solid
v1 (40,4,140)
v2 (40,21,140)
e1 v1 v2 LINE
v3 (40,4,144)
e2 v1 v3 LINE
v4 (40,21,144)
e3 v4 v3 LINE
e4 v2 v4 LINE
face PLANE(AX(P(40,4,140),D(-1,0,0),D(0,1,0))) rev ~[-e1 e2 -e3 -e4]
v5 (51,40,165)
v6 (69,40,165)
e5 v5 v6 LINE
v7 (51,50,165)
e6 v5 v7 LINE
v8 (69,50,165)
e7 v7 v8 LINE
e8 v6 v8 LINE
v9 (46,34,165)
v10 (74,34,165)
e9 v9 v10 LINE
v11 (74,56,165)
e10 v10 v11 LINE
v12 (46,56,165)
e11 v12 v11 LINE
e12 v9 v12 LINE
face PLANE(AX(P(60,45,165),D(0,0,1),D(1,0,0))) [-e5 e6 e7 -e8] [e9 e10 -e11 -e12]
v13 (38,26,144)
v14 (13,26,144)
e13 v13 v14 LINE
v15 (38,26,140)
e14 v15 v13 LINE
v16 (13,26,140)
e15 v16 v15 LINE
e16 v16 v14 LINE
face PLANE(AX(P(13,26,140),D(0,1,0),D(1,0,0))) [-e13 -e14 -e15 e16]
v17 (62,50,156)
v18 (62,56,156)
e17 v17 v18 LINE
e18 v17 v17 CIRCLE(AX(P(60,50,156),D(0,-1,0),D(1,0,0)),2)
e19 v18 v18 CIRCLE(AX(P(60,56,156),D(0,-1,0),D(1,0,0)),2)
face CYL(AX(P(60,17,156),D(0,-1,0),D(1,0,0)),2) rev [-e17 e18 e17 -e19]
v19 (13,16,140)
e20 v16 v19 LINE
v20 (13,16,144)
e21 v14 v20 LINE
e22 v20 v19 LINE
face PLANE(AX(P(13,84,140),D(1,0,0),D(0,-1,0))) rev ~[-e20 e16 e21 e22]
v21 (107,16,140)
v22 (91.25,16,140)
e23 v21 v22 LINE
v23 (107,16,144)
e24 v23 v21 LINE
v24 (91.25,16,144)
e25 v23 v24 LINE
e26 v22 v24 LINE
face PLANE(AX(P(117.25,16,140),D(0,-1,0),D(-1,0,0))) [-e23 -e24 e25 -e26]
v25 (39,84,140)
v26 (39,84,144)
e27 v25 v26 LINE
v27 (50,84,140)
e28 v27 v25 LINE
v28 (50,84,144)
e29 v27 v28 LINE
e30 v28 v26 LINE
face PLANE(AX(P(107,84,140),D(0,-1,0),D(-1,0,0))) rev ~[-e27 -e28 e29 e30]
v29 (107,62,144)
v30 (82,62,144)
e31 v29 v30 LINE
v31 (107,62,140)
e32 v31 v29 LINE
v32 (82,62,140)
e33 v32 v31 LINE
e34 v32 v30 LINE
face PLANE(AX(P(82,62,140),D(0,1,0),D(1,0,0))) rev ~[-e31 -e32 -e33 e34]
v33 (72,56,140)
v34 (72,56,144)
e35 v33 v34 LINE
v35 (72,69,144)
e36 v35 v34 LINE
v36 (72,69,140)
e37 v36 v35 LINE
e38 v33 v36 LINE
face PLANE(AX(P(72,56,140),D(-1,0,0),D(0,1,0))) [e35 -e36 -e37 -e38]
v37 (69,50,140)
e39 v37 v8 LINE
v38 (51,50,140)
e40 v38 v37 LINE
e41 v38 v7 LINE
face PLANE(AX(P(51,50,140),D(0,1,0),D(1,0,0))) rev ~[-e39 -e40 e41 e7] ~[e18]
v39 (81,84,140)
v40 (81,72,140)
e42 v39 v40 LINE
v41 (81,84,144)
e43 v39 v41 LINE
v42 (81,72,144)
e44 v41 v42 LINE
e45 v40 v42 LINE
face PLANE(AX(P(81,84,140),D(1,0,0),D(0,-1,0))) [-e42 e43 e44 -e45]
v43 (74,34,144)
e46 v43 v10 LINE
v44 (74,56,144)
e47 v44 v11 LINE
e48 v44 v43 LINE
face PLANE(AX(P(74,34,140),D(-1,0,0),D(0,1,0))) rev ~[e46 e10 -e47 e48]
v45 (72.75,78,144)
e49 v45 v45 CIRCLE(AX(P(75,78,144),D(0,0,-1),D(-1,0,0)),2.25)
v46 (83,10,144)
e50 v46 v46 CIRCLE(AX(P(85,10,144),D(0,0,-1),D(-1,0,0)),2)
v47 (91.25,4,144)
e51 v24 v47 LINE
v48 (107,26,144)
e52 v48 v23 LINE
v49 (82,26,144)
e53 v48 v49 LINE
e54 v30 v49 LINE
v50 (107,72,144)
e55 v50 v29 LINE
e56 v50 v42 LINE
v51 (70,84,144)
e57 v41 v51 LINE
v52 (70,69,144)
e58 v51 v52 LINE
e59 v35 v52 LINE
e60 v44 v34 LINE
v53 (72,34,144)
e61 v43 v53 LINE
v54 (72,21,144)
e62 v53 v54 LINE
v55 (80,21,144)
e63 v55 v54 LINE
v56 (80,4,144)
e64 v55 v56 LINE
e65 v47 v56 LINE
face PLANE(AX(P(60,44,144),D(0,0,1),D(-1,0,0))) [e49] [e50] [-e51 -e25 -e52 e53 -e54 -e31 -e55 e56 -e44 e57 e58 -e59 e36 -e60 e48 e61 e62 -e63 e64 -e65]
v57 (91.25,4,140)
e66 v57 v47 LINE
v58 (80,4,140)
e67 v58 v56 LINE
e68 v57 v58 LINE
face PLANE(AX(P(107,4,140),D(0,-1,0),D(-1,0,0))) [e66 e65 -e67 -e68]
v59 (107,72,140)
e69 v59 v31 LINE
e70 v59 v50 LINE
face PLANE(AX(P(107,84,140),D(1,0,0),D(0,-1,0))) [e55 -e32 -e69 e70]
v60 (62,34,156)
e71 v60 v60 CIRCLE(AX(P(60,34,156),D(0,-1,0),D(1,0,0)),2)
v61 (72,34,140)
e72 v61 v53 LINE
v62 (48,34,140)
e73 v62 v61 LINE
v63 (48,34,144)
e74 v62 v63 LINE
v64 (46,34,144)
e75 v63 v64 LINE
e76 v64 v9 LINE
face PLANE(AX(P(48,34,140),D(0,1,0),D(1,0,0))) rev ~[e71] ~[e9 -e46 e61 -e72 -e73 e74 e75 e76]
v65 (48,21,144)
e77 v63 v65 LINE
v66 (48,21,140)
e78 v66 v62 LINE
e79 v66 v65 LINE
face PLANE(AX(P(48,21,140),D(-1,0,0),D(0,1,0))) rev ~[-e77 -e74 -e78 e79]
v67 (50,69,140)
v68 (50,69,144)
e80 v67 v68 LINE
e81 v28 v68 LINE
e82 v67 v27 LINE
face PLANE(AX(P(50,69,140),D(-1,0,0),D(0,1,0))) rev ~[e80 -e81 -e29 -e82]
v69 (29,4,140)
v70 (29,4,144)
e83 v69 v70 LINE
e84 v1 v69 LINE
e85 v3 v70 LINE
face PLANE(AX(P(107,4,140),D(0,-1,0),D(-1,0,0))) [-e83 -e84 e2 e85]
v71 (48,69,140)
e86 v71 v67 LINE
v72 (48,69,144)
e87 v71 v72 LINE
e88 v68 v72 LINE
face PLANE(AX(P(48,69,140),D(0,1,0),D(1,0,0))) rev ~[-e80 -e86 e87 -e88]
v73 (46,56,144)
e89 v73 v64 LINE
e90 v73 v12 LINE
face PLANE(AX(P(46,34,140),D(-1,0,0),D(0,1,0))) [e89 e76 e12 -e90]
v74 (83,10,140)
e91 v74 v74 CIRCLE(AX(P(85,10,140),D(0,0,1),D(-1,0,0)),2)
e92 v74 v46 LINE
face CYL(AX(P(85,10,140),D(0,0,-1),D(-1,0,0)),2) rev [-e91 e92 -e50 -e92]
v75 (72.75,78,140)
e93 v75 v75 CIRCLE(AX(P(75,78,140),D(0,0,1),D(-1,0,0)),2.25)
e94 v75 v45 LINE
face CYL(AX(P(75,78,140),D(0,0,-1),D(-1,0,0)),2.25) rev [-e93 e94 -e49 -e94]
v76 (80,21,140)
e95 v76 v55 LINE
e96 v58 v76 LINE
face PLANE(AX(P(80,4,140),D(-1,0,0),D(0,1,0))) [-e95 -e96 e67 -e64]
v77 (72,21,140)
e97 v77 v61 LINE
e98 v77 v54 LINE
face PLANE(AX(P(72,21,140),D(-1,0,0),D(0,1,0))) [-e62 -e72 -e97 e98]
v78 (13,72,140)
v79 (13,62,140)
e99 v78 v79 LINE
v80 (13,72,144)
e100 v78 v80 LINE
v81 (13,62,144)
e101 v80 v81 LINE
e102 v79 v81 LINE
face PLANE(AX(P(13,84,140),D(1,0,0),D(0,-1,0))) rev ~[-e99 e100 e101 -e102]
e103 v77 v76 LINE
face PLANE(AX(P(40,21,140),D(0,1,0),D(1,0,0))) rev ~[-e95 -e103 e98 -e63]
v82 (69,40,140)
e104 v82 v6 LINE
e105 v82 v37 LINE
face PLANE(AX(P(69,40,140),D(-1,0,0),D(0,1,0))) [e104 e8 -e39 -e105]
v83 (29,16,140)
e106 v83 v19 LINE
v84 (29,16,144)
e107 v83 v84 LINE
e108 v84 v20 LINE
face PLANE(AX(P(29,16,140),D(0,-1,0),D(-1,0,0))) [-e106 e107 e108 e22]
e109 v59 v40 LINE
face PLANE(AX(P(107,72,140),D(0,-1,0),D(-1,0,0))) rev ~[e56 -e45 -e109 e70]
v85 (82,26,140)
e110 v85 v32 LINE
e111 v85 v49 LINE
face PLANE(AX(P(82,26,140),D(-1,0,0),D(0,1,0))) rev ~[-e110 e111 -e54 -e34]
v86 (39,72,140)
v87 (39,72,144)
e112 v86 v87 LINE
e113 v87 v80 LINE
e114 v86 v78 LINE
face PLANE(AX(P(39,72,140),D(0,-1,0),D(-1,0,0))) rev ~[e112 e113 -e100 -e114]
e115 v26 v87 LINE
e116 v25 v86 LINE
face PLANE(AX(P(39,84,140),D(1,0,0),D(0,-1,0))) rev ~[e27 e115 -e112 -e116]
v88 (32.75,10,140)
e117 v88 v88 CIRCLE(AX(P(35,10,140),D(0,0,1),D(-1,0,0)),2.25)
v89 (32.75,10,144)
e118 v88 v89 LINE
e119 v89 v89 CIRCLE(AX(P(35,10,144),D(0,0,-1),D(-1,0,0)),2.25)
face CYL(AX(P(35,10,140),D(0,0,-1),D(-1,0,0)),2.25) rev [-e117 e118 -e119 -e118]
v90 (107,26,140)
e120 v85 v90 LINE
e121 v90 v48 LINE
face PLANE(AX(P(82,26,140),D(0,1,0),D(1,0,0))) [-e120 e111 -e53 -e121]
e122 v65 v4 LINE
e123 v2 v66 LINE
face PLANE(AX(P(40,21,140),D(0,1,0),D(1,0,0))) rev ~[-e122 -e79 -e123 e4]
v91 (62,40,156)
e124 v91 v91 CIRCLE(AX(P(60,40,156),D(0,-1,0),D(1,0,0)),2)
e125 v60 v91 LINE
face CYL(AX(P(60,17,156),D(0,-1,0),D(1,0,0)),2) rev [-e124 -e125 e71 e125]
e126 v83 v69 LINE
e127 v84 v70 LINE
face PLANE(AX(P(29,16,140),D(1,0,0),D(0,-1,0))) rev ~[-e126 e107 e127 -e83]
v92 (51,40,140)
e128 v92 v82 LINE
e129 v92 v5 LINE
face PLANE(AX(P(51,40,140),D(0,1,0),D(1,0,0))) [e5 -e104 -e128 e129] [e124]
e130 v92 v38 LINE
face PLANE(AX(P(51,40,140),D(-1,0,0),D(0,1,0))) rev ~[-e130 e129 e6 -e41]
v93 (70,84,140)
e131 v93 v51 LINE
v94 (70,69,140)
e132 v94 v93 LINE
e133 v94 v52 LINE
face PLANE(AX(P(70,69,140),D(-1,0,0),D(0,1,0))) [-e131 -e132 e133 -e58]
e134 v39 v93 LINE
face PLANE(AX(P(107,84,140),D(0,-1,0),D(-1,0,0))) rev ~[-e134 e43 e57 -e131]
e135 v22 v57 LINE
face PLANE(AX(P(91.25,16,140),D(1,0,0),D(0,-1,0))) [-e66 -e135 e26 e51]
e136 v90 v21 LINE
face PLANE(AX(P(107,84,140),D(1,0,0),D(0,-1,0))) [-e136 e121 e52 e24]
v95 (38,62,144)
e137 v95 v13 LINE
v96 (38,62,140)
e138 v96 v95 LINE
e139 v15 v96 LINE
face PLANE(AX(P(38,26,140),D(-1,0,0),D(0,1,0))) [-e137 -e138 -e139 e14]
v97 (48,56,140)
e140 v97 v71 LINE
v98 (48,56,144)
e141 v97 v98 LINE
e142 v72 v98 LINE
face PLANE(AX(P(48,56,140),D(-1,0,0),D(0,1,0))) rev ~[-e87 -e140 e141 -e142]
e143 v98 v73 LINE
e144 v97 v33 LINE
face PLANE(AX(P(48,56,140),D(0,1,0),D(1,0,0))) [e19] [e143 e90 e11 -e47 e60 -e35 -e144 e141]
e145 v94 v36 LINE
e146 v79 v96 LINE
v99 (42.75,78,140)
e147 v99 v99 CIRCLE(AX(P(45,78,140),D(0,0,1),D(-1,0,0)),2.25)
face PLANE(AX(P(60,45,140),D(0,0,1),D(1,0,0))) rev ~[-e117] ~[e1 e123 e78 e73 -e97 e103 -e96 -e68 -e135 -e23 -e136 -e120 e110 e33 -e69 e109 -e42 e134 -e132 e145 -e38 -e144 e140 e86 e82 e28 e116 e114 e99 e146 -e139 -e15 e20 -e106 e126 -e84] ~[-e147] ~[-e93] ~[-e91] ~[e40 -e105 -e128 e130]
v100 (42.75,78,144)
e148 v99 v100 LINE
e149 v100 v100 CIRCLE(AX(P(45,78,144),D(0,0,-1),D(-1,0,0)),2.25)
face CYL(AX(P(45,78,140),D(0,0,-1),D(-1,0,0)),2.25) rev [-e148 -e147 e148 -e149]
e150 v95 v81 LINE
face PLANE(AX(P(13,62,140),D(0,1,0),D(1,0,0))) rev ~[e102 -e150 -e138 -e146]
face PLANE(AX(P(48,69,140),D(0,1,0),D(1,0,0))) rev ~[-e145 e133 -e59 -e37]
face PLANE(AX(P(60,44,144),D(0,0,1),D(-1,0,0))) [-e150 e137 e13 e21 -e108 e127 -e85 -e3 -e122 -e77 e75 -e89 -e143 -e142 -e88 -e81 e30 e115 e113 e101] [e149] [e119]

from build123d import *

# Parameters (mm, degrees)
CYLINDER_R             = 2
CYLINDER_DEPTH         = 50
BOX083_W               = 24
BOX083_H               = 13
BOX083_DEPTH           = 10
BOX082_W               = 40
BOX082_H               = 17
BOX082_DEPTH           = 10
BOX081_W               = 25
BOX081_H               = 36
BOX081_DEPTH           = 10
BOX084_W               = 24
BOX084_H               = 13
BOX084_DEPTH           = 10
BOX080_W               = 25
BOX080_H               = 36
BOX080_DEPTH           = 10
BOX085_W               = 15
BOX085_H               = 20
BOX085_DEPTH           = 10
BOX073_W               = 18
BOX073_H               = 10
BOX073_DEPTH           = 25
BOX086_W               = 28
BOX086_H               = 22
BOX086_DEPTH           = 25
CYLINDER107_R          = 1
CYLINDER107_DEPTH      = 10
CYLINDER103_R          = 2.25
CYLINDER103_DEPTH      = 10
CYLINDER104_R          = 2.25
CYLINDER104_DEPTH      = 10
CYLINDER106_R          = 2
CYLINDER106_DEPTH      = 10
CYLINDER105_R          = 2.25
CYLINDER105_DEPTH      = 10
BOX063_W               = 26
BOX063_H               = 12
BOX063_DEPTH           = 4
BOX061_W               = 26
BOX061_H               = 12
BOX061_DEPTH           = 4
BOX062_W               = 26
BOX062_H               = 12
BOX062_DEPTH           = 4
BOX064_W               = 26
BOX064_H               = 12
BOX064_DEPTH           = 4
BOX060_W               = 94
BOX060_H               = 80
BOX060_DEPTH           = 4
CUT020_PLACEMENT_ANGLE = 180


with BuildPart() as cylinder:
    # Cylinder → Cylinder (new body)
    with BuildSketch(Plane(origin=(60, 17, 156), x_dir=(1, 0, 0), z_dir=(0, 1, 0))):
        Circle(CYLINDER_R)
    extrude(amount=CYLINDER_DEPTH)


with BuildPart() as cube041:
    # Box083 → Box083 (new body)
    with BuildSketch(Plane(origin=(48, 21, 140), x_dir=(1, 0, 0), z_dir=(0, 0, 1))):
        with Locations((12, 6.5)):
            Rectangle(BOX083_W, BOX083_H)
    extrude(amount=BOX083_DEPTH)


with BuildPart() as cube040:
    # Box082 → Box082 (new body)
    with BuildSketch(Plane(origin=(40, 4, 140), x_dir=(1, 0, 0), z_dir=(0, 0, 1))):
        with Locations((20, 8.5)):
            Rectangle(BOX082_W, BOX082_H)
    extrude(amount=BOX082_DEPTH)


with BuildPart() as cube039:
    # Box081 → Box081 (new body)
    with BuildSketch(Plane(origin=(82, 26, 140), x_dir=(1, 0, 0), z_dir=(0, 0, 1))):
        with Locations((12.5, 18)):
            Rectangle(BOX081_W, BOX081_H)
    extrude(amount=BOX081_DEPTH)


with BuildPart() as cube042:
    # Box084 → Box084 (new body)
    with BuildSketch(Plane(origin=(48, 56, 140), x_dir=(1, 0, 0), z_dir=(0, 0, 1))):
        with Locations((12, 6.5)):
            Rectangle(BOX084_W, BOX084_H)
    extrude(amount=BOX084_DEPTH)


with BuildPart() as cube038:
    # Box080 → Box080 (new body)
    with BuildSketch(Plane(origin=(13, 26, 140), x_dir=(1, 0, 0), z_dir=(0, 0, 1))):
        with Locations((12.5, 18)):
            Rectangle(BOX080_W, BOX080_H)
    extrude(amount=BOX080_DEPTH)


with BuildPart() as basecuts:
    # Box085 → Box085 (new body)
    with BuildSketch(Plane(origin=(70, 69, 140), x_dir=(0, 1, 0), z_dir=(0, 0, 1))):
        with Locations((7.5, 10)):
            Rectangle(BOX085_W, BOX085_H)
    extrude(amount=BOX085_DEPTH)

    # Fusion133: union Cube041, Cube040, Cube039, Cube042, Cube038
    add(cube041.part)
    add(cube040.part)
    add(cube039.part)
    add(cube042.part)
    add(cube038.part)


with BuildPart() as basecuts001:
    # Box073 → Box073 (new body)
    with BuildSketch(Plane(origin=(51, 40, 140), x_dir=(1, 0, 0), z_dir=(0, 0, 1))):
        with Locations((9, 5)):
            Rectangle(BOX073_W, BOX073_H)
    extrude(amount=BOX073_DEPTH)

    # Fusion134: union baseCuts
    add(basecuts.part)


with BuildPart() as basespinein:
    # Box086 → Box086 (new body)
    with BuildSketch(Plane(origin=(46, 34, 140), x_dir=(1, 0, 0), z_dir=(0, 0, 1))):
        with Locations((14, 11)):
            Rectangle(BOX086_W, BOX086_H)
    extrude(amount=BOX086_DEPTH)


with BuildPart() as cylinder109:
    # Cylinder107 → Cylinder107 (new body)
    with BuildSketch(Plane.XY):
        Circle(CYLINDER107_R)
    extrude(amount=CYLINDER107_DEPTH)


with BuildPart() as cylinder107:
    # Cylinder103 → Cylinder103 (new body)
    with BuildSketch(Plane(origin=(62, 3, 0), x_dir=(1, 0, 0), z_dir=(0, 0, 1))):
        Circle(CYLINDER103_R)
    extrude(amount=CYLINDER103_DEPTH)


with BuildPart() as cylinder103:
    # Cylinder104 → Cylinder104 (new body)
    with BuildSketch(Plane(origin=(72, 71, 0), x_dir=(1, 0, 0), z_dir=(0, 0, 1))):
        Circle(CYLINDER104_R)
    extrude(amount=CYLINDER104_DEPTH)


with BuildPart() as cylinder104:
    # Cylinder106 → Cylinder106 (new body)
    with BuildSketch(Plane(origin=(22, 71, 0), x_dir=(1, 0, 0), z_dir=(0, 0, 1))):
        Circle(CYLINDER106_R)
    extrude(amount=CYLINDER106_DEPTH)


with BuildPart() as screwins001:
    # Cylinder105 → Cylinder105 (new body)
    with BuildSketch(Plane(origin=(32, 3, 0), x_dir=(1, 0, 0), z_dir=(0, 0, 1))):
        Circle(CYLINDER105_R)
    extrude(amount=CYLINDER105_DEPTH)

    # Fusion123: union Cylinder109, Cylinder107, Cylinder103, Cylinder104
    add(cylinder109.part)
    add(cylinder107.part)
    add(cylinder103.part)
    add(cylinder104.part)


with BuildPart() as screwins001_1:
    # Fusion123 placement: moved
    add(screwins001.part.moved(Location((0, 3, 0))))


with BuildPart() as base004:
    # Box063 → Box063 (new body)
    with BuildSketch(Plane(origin=(78, 68, 0), x_dir=(1, 0, 0), z_dir=(0, 0, 1))):
        with Locations((13, 6)):
            Rectangle(BOX063_W, BOX063_H)
    extrude(amount=BOX063_DEPTH)


with BuildPart() as base002:
    # Box061 → Box061 (new body)
    with BuildSketch(Plane.XY):
        with Locations((13, 6)):
            Rectangle(BOX061_W, BOX061_H)
    extrude(amount=BOX061_DEPTH)


with BuildPart() as base003:
    # Box062 → Box062 (new body)
    with BuildSketch(Plane(origin=(68, 0, 0), x_dir=(1, 0, 0), z_dir=(0, 0, 1))):
        with Locations((13, 6)):
            Rectangle(BOX062_W, BOX062_H)
    extrude(amount=BOX062_DEPTH)


with BuildPart() as fusion122:
    # Box064 → Box064 (new body)
    with BuildSketch(Plane(origin=(-10.25, 68, 0), x_dir=(1, 0, 0), z_dir=(0, 0, 1))):
        with Locations((13, 6)):
            Rectangle(BOX064_W, BOX064_H)
    extrude(amount=BOX064_DEPTH)

    # Fusion122: union base004, base002, base003
    add(base004.part)
    add(base002.part)
    add(base003.part)


with BuildPart() as spine:
    # Box060 → Box060 (new body)
    with BuildSketch(Plane.XY):
        with Locations((47, 40)):
            Rectangle(BOX060_W, BOX060_H)
    extrude(amount=BOX060_DEPTH)

    # Cut019: cut Fusion122
    add(fusion122.part, mode=Mode.SUBTRACT)

    # Cut020: cut screwIns001
    add(screwins001_1.part, mode=Mode.SUBTRACT)


with BuildPart() as spine_1:
    # Cut020 placement: moved
    add(spine.part.moved(Location((107, 84, 140))).rotate(Axis((107, 84, 140), (0, 0, 1)), CUT020_PLACEMENT_ANGLE))

    # Fusion: union baseSpineIn
    add(basespinein.part)

    # Cut: cut baseCuts001
    add(basecuts001.part, mode=Mode.SUBTRACT)

    # Cut021: cut Cylinder
    add(cylinder.part, mode=Mode.SUBTRACT)


solid = spine_1.part
